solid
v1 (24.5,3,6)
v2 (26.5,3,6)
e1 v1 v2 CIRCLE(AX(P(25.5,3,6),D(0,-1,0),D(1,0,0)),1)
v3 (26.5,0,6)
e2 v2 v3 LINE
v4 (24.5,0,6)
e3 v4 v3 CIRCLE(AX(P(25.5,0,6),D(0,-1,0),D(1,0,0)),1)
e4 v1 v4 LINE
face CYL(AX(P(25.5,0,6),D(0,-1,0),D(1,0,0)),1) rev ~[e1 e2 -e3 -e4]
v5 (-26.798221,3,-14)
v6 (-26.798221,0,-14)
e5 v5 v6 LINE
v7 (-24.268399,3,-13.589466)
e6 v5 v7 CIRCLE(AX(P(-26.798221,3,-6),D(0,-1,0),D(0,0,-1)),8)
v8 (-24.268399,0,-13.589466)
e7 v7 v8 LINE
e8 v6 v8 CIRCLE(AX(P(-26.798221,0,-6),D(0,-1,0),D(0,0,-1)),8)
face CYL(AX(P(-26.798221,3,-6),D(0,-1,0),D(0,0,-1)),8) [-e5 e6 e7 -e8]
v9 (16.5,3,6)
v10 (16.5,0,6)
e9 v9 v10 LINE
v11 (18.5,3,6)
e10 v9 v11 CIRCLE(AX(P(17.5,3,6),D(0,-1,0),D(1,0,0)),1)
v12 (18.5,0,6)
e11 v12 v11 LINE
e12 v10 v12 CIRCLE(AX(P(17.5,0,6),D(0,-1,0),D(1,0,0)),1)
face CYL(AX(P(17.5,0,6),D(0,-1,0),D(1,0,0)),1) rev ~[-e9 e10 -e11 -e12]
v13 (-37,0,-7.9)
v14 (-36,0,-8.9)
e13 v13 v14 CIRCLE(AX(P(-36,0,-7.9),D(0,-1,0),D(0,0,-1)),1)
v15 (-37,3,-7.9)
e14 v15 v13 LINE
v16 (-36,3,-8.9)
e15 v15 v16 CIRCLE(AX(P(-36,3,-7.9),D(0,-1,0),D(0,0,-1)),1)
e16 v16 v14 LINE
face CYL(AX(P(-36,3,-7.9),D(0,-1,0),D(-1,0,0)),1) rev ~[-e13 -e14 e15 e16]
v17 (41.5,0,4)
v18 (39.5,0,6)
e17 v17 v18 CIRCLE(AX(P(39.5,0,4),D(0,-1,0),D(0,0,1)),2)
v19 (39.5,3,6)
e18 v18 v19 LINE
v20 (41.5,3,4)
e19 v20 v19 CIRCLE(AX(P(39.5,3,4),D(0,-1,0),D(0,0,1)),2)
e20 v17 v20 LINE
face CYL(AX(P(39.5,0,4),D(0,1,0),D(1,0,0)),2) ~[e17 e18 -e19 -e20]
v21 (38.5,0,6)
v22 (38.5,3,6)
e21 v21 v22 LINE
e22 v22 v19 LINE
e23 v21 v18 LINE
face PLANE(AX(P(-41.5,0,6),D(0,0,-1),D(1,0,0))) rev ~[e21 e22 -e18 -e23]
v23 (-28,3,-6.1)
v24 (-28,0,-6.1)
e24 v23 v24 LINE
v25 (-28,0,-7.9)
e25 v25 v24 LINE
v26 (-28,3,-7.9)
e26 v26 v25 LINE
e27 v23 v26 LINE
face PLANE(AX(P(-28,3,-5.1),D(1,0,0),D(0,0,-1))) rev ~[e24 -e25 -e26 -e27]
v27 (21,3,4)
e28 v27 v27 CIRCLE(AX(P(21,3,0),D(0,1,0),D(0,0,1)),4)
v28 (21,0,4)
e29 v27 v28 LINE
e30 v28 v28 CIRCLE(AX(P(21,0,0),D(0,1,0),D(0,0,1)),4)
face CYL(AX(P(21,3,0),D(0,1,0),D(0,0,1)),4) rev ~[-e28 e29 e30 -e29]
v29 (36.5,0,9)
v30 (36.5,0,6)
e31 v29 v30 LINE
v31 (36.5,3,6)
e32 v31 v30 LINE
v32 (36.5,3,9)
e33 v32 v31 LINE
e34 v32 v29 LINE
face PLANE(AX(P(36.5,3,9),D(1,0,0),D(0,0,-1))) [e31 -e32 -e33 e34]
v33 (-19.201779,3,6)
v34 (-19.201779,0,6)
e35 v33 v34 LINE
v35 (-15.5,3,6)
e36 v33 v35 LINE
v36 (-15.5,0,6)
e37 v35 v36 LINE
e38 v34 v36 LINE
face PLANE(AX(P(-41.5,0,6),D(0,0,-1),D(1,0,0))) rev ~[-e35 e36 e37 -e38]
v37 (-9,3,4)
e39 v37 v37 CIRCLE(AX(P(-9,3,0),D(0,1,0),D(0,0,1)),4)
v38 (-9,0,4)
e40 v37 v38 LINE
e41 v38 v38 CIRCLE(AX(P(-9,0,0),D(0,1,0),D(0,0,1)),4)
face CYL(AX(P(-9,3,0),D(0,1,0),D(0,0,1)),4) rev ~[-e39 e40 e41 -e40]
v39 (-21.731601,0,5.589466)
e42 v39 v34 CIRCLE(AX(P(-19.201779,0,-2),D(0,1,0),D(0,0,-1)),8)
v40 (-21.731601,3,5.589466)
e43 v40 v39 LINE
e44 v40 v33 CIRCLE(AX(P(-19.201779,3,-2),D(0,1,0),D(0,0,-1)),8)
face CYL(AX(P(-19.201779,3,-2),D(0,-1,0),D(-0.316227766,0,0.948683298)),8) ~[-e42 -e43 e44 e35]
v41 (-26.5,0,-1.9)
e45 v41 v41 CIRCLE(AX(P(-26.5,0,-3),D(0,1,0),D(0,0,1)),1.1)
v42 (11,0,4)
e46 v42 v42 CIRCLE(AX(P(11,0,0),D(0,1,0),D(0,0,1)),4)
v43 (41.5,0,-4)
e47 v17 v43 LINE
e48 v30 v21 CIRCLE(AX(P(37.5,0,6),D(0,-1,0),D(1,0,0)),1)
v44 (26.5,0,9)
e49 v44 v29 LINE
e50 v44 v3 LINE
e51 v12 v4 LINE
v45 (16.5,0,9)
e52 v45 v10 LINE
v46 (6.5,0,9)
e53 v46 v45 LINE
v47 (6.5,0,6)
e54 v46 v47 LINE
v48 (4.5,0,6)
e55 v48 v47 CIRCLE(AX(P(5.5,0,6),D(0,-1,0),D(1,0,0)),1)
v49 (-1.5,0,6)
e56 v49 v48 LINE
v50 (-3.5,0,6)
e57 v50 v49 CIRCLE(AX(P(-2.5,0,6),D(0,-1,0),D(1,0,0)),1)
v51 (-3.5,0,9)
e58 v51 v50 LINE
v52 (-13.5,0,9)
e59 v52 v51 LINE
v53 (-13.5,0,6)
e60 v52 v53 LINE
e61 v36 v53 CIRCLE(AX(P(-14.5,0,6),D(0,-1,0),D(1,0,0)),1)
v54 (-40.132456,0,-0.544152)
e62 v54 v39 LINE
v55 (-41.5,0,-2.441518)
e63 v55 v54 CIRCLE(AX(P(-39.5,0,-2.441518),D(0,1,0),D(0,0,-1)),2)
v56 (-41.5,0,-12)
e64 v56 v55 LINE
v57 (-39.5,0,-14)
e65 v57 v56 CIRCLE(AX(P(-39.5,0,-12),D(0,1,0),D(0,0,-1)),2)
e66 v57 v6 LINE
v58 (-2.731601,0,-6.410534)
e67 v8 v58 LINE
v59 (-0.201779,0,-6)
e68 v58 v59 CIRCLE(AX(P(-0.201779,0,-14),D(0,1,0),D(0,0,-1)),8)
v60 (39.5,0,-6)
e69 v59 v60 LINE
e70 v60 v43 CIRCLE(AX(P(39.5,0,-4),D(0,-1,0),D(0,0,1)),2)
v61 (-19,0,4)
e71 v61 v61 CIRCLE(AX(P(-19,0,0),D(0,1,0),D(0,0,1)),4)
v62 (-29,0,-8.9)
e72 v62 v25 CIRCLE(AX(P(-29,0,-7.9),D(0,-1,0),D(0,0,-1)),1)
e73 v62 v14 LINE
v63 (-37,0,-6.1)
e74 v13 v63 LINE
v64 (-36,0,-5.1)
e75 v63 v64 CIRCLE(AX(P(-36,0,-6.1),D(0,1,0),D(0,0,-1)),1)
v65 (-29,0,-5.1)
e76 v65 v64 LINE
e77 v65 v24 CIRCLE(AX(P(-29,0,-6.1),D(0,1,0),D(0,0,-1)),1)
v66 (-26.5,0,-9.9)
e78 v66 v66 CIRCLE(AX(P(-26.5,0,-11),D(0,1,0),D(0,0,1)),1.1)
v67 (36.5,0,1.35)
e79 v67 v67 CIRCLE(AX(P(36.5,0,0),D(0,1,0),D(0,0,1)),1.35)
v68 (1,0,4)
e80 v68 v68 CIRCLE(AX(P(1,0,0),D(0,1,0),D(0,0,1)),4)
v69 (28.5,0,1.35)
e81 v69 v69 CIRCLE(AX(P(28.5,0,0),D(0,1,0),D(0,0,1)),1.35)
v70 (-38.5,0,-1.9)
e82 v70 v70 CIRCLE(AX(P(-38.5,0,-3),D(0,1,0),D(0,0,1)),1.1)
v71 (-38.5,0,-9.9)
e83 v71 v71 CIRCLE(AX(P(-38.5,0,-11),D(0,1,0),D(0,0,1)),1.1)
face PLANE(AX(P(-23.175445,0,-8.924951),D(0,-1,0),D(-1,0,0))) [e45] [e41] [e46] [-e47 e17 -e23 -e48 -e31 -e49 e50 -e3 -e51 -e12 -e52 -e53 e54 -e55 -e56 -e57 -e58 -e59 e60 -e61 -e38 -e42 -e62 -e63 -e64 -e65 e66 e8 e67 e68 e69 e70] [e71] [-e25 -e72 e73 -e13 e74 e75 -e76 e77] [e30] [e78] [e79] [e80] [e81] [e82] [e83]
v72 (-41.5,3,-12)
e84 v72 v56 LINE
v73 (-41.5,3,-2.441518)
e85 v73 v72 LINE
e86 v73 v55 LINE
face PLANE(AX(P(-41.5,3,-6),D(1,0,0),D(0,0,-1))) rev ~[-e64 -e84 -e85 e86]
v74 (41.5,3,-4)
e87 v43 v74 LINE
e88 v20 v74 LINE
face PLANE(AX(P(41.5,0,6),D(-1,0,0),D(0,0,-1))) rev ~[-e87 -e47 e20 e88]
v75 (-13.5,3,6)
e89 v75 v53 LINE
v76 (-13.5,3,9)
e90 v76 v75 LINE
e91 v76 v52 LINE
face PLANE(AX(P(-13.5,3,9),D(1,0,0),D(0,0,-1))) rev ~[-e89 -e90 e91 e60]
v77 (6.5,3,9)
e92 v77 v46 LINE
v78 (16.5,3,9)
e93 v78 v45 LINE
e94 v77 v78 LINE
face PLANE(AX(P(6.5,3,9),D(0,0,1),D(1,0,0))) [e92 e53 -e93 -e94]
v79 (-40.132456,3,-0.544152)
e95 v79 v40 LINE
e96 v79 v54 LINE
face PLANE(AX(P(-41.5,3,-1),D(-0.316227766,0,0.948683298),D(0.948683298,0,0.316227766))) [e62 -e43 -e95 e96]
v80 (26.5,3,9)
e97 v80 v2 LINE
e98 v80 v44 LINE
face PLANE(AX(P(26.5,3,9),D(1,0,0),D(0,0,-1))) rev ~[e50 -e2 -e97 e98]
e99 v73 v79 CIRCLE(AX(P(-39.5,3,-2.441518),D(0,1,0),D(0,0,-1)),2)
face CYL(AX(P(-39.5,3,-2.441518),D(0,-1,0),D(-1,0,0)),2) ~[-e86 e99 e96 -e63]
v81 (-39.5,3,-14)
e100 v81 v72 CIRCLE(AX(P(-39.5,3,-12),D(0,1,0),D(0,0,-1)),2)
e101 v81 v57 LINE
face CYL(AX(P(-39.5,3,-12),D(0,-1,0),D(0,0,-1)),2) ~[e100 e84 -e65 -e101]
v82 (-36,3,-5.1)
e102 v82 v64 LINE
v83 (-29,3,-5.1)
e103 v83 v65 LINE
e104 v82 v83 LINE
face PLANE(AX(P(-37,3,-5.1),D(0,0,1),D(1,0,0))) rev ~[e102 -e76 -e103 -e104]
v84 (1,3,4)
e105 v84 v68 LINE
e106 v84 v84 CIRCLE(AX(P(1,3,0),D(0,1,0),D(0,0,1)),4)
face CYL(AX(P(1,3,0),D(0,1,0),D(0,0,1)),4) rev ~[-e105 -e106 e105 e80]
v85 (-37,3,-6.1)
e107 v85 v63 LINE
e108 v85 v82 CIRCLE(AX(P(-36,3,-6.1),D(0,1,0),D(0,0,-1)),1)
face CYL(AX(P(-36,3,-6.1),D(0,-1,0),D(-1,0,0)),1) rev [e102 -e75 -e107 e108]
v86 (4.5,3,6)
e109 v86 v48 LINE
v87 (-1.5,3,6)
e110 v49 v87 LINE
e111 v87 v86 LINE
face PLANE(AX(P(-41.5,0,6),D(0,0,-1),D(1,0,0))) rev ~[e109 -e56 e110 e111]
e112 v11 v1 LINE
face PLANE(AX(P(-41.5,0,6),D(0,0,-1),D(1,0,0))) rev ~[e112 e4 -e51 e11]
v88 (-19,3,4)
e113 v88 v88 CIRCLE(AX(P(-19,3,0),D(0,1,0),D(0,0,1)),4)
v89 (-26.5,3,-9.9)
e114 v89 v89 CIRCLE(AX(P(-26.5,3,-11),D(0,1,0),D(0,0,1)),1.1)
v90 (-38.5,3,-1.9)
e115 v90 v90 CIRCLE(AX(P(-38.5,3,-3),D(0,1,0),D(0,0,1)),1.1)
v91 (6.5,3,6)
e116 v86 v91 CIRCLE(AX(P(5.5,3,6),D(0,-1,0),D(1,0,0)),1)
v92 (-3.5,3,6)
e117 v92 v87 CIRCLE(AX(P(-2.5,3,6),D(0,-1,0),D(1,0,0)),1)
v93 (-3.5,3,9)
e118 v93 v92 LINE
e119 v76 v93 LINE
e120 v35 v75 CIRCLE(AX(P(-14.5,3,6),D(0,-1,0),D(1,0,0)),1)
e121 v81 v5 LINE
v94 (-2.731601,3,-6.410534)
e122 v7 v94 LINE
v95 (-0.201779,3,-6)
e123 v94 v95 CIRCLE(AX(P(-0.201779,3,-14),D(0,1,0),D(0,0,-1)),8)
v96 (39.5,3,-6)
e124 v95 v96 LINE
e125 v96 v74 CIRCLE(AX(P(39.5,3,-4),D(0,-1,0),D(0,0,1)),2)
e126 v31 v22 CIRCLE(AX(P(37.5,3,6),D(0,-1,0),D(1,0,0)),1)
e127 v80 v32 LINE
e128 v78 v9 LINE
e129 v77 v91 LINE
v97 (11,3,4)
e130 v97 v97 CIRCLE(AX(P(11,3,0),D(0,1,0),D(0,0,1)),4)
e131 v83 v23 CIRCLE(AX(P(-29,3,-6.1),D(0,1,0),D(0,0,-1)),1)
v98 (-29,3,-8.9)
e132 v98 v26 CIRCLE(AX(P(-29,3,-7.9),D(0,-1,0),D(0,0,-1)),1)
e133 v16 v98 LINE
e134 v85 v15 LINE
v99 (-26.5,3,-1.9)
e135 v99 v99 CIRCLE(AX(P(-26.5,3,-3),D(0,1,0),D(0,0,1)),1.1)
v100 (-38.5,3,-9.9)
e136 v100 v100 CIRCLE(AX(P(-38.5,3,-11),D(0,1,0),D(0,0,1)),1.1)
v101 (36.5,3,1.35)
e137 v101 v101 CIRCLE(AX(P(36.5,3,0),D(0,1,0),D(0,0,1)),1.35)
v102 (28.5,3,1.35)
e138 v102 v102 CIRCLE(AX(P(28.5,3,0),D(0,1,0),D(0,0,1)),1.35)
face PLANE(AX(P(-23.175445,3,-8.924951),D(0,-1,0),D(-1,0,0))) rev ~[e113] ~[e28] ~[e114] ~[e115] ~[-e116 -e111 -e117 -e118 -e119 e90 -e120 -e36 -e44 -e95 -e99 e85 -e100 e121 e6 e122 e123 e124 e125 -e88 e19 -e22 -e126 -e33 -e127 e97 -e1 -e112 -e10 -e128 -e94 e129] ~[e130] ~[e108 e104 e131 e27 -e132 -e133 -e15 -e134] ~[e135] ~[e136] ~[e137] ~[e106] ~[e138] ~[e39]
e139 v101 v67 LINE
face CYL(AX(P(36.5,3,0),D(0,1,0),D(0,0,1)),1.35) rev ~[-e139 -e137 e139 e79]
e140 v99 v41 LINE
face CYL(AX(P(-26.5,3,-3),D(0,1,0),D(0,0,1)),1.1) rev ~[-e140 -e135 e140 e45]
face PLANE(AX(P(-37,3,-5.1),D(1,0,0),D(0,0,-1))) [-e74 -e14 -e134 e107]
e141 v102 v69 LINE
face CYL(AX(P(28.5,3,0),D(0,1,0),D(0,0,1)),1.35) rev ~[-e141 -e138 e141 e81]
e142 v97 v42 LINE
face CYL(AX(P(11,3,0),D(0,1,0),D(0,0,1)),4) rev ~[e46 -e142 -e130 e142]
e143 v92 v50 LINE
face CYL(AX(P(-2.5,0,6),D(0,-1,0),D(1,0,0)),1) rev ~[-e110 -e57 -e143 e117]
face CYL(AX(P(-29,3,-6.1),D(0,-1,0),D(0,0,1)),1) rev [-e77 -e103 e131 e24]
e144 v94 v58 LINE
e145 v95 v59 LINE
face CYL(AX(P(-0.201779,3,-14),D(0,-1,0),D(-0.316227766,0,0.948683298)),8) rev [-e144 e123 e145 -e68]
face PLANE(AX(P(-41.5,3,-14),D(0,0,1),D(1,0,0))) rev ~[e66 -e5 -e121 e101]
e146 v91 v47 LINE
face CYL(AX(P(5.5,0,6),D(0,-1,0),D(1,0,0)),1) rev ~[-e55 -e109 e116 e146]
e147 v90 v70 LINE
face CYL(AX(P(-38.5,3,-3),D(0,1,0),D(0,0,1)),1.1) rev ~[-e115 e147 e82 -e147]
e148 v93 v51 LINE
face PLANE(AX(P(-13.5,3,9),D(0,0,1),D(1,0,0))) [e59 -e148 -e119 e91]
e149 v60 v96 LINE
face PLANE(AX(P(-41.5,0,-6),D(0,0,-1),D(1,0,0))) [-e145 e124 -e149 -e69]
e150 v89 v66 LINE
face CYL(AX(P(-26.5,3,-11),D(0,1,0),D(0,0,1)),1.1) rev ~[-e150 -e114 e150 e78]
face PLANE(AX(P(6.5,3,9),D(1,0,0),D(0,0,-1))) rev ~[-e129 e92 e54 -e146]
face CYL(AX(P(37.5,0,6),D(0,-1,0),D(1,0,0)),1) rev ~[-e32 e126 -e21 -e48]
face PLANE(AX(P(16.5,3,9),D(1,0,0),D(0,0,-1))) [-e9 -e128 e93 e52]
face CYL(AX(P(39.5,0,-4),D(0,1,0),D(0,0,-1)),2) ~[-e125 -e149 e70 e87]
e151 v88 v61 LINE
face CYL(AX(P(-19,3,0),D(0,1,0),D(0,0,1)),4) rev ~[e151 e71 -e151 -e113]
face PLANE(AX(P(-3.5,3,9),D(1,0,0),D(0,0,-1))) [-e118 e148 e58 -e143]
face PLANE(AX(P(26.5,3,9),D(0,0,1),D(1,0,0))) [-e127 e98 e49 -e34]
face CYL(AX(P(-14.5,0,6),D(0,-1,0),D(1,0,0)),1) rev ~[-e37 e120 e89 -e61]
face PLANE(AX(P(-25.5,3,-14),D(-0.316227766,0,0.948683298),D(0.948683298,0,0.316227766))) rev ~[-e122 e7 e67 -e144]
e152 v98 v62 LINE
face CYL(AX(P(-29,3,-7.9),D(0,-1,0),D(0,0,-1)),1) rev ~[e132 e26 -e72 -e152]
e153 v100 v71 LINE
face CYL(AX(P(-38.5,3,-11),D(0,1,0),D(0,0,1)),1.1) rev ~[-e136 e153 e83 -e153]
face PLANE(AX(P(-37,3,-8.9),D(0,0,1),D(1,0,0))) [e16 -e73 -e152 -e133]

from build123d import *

# Parameters (mm, degrees)
SKETCH_1_W          = 83
SKETCH_1_H          = 12
EXTRUDE_1_DEPTH     = 3
SKETCH_2_W          = 10
SKETCH_2_H          = 3
EXTRUDE_2_DEPTH     = 3
SKETCH_3_R          = 1
CUT_EXTRUDE_1_DEPTH = 43.570529712
SKETCH_4_R          = 1.35
CUT_EXTRUDE_2_DEPTH = 43.570529712
CUT_EXTRUDE_3_DEPTH = 43.570529712
EXTRUDE_3_DEPTH     = 3
SKETCH_9_R          = 1.1
SKETCH_9_W          = 9
SKETCH_9_H          = 3.8
CUT_EXTRUDE_6_DEPTH = 44.900455579
SKETCH_8_R          = 4
CUT_EXTRUDE_5_DEPTH = 44.900455579
FILLET_1_R          = 8
FILLET_2_R          = 2
FILLET_3_R          = 1


with BuildPart() as part:
    # 草图1 → 凸台-拉伸1 (new body)
    with BuildSketch(Plane(origin=(0, 0, 0), x_dir=(1, 0, 0), z_dir=(0, 1, 0))):
        Rectangle(SKETCH_1_W, SKETCH_1_H)
    extrude(amount=EXTRUDE_1_DEPTH)

    # 草图2 → 凸台-拉伸2 (add)
    with BuildSketch(Plane(origin=(0, 3, 0), x_dir=(1, 0, 0), z_dir=(0, 1, 0))):
        with Locations((11.5, -7.5)):
            Rectangle(SKETCH_2_W, SKETCH_2_H)
        with Locations((-8.5, -7.5)):
            Rectangle(SKETCH_2_W, SKETCH_2_H)
        with Locations((31.5, -7.5)):
            Rectangle(SKETCH_2_W, SKETCH_2_H)
    extrude(amount=-EXTRUDE_2_DEPTH)

    # 草图3 → 切除-拉伸1 (cut, through all)
    with BuildSketch(Plane.XZ):
        with Locations((17.5, 6)):
            Circle(SKETCH_3_R)
        with Locations((5.5, 6)):
            Circle(SKETCH_3_R)
        with Locations((-2.5, 6)):
            Circle(SKETCH_3_R)
        with Locations((-14.5, 6)):
            Circle(SKETCH_3_R)
        with Locations((25.5, 6)):
            Circle(SKETCH_3_R)
        with Locations((37.5, 6)):
            Circle(SKETCH_3_R)
    extrude(amount=-CUT_EXTRUDE_1_DEPTH, mode=Mode.SUBTRACT)

    # 草图4 → 切除-拉伸2 (cut, through all)
    with BuildSketch(Plane(origin=(0, 3, 0), x_dir=(1, 0, 0), z_dir=(0, 1, 0))):
        with Locations(Location((28.5, 0, 0), (0, 0, 270))):
            Circle(SKETCH_4_R)
        with Locations(Location((36.5, 0, 0), (0, 0, 270))):
            Circle(SKETCH_4_R)
    extrude(amount=-CUT_EXTRUDE_2_DEPTH, mode=Mode.SUBTRACT)

    # 草图6 → 切除-拉伸3 (cut, through all)
    with BuildSketch(Plane(origin=(0, 3, 0), x_dir=(1, 0, 0), z_dir=(0, 1, 0))):
        Polygon((-41.5, 1), (-20.5, -6), (-41.5, -6), align=None)
    extrude(amount=-CUT_EXTRUDE_3_DEPTH, mode=Mode.SUBTRACT)

    # 草图5 → 凸台-拉伸3 (add)
    with BuildSketch(Plane(origin=(0, 3, 0), x_dir=(1, 0, 0), z_dir=(0, 1, 0))):
        Polygon((-41.5, 14), (-25.5, 14), (-1.5, 6), (-41.5, 6), align=None)
    extrude(amount=-EXTRUDE_3_DEPTH)

    # 草图9 → 切除-拉伸6 (cut, through all)
    with BuildSketch(Plane(origin=(0, 3, 0), x_dir=(1, 0, 0), z_dir=(0, 1, 0))):
        with Locations(Location((-38.5, 11, 0), (0, 0, 270))):
            Circle(SKETCH_9_R)
        with Locations(Location((-38.5, 3, 0), (0, 0, 270))):
            Circle(SKETCH_9_R)
        with Locations(Location((-26.5, 3, 0), (0, 0, 270))):
            Circle(SKETCH_9_R)
        with Locations(Location((-26.5, 11, 0), (0, 0, 270))):
            Circle(SKETCH_9_R)
        with Locations((-32.5, 7)):
            Rectangle(SKETCH_9_W, SKETCH_9_H)
    extrude(amount=-CUT_EXTRUDE_6_DEPTH, mode=Mode.SUBTRACT)

    # 草图8 → 切除-拉伸5 (cut, through all)
    with BuildSketch(Plane(origin=(0, 3, 0), x_dir=(1, 0, 0), z_dir=(0, 1, 0))):
        with Locations(Location((11, 0, 0), (0, 0, 270))):
            Circle(SKETCH_8_R)
        with Locations(Location((1, 0, 0), (0, 0, 270))):
            Circle(SKETCH_8_R)
        with Locations(Location((-9, 0, 0), (0, 0, 270))):
            Circle(SKETCH_8_R)
        with Locations(Location((-19, 0, 0), (0, 0, 270))):
            Circle(SKETCH_8_R)
        with Locations(Location((21, 0, 0), (0, 0, 270))):
            Circle(SKETCH_8_R)
    extrude(amount=-CUT_EXTRUDE_5_DEPTH, mode=Mode.SUBTRACT)

    # 圆角1
    fillet_1_edges = [part.edges().sort_by_distance(p)[0] for p in [
        (-20.5, 1.5, 6),
        (-25.5, 1.5, -14),
        (-1.5, 1.5, -6),
    ]]
    fillet(fillet_1_edges, radius=FILLET_1_R)

    # 圆角2
    fillet_2_edges = [part.edges().sort_by_distance(p)[0] for p in [
        (-41.5, 1.5, -1),
        (-41.5, 1.5, -14),
        (41.5, 1.5, 6),
        (41.5, 1.5, -6),
    ]]
    fillet(fillet_2_edges, radius=FILLET_2_R)

    # 圆角3
    fillet_3_edges = [part.edges().sort_by_distance(p)[0] for p in [
        (-28, 1.5, -8.9),
        (-28, 1.5, -5.1),
        (-37, 1.5, -5.1),
        (-37, 1.5, -8.9),
    ]]
    fillet(fillet_3_edges, radius=FILLET_3_R)


solid = part.part
